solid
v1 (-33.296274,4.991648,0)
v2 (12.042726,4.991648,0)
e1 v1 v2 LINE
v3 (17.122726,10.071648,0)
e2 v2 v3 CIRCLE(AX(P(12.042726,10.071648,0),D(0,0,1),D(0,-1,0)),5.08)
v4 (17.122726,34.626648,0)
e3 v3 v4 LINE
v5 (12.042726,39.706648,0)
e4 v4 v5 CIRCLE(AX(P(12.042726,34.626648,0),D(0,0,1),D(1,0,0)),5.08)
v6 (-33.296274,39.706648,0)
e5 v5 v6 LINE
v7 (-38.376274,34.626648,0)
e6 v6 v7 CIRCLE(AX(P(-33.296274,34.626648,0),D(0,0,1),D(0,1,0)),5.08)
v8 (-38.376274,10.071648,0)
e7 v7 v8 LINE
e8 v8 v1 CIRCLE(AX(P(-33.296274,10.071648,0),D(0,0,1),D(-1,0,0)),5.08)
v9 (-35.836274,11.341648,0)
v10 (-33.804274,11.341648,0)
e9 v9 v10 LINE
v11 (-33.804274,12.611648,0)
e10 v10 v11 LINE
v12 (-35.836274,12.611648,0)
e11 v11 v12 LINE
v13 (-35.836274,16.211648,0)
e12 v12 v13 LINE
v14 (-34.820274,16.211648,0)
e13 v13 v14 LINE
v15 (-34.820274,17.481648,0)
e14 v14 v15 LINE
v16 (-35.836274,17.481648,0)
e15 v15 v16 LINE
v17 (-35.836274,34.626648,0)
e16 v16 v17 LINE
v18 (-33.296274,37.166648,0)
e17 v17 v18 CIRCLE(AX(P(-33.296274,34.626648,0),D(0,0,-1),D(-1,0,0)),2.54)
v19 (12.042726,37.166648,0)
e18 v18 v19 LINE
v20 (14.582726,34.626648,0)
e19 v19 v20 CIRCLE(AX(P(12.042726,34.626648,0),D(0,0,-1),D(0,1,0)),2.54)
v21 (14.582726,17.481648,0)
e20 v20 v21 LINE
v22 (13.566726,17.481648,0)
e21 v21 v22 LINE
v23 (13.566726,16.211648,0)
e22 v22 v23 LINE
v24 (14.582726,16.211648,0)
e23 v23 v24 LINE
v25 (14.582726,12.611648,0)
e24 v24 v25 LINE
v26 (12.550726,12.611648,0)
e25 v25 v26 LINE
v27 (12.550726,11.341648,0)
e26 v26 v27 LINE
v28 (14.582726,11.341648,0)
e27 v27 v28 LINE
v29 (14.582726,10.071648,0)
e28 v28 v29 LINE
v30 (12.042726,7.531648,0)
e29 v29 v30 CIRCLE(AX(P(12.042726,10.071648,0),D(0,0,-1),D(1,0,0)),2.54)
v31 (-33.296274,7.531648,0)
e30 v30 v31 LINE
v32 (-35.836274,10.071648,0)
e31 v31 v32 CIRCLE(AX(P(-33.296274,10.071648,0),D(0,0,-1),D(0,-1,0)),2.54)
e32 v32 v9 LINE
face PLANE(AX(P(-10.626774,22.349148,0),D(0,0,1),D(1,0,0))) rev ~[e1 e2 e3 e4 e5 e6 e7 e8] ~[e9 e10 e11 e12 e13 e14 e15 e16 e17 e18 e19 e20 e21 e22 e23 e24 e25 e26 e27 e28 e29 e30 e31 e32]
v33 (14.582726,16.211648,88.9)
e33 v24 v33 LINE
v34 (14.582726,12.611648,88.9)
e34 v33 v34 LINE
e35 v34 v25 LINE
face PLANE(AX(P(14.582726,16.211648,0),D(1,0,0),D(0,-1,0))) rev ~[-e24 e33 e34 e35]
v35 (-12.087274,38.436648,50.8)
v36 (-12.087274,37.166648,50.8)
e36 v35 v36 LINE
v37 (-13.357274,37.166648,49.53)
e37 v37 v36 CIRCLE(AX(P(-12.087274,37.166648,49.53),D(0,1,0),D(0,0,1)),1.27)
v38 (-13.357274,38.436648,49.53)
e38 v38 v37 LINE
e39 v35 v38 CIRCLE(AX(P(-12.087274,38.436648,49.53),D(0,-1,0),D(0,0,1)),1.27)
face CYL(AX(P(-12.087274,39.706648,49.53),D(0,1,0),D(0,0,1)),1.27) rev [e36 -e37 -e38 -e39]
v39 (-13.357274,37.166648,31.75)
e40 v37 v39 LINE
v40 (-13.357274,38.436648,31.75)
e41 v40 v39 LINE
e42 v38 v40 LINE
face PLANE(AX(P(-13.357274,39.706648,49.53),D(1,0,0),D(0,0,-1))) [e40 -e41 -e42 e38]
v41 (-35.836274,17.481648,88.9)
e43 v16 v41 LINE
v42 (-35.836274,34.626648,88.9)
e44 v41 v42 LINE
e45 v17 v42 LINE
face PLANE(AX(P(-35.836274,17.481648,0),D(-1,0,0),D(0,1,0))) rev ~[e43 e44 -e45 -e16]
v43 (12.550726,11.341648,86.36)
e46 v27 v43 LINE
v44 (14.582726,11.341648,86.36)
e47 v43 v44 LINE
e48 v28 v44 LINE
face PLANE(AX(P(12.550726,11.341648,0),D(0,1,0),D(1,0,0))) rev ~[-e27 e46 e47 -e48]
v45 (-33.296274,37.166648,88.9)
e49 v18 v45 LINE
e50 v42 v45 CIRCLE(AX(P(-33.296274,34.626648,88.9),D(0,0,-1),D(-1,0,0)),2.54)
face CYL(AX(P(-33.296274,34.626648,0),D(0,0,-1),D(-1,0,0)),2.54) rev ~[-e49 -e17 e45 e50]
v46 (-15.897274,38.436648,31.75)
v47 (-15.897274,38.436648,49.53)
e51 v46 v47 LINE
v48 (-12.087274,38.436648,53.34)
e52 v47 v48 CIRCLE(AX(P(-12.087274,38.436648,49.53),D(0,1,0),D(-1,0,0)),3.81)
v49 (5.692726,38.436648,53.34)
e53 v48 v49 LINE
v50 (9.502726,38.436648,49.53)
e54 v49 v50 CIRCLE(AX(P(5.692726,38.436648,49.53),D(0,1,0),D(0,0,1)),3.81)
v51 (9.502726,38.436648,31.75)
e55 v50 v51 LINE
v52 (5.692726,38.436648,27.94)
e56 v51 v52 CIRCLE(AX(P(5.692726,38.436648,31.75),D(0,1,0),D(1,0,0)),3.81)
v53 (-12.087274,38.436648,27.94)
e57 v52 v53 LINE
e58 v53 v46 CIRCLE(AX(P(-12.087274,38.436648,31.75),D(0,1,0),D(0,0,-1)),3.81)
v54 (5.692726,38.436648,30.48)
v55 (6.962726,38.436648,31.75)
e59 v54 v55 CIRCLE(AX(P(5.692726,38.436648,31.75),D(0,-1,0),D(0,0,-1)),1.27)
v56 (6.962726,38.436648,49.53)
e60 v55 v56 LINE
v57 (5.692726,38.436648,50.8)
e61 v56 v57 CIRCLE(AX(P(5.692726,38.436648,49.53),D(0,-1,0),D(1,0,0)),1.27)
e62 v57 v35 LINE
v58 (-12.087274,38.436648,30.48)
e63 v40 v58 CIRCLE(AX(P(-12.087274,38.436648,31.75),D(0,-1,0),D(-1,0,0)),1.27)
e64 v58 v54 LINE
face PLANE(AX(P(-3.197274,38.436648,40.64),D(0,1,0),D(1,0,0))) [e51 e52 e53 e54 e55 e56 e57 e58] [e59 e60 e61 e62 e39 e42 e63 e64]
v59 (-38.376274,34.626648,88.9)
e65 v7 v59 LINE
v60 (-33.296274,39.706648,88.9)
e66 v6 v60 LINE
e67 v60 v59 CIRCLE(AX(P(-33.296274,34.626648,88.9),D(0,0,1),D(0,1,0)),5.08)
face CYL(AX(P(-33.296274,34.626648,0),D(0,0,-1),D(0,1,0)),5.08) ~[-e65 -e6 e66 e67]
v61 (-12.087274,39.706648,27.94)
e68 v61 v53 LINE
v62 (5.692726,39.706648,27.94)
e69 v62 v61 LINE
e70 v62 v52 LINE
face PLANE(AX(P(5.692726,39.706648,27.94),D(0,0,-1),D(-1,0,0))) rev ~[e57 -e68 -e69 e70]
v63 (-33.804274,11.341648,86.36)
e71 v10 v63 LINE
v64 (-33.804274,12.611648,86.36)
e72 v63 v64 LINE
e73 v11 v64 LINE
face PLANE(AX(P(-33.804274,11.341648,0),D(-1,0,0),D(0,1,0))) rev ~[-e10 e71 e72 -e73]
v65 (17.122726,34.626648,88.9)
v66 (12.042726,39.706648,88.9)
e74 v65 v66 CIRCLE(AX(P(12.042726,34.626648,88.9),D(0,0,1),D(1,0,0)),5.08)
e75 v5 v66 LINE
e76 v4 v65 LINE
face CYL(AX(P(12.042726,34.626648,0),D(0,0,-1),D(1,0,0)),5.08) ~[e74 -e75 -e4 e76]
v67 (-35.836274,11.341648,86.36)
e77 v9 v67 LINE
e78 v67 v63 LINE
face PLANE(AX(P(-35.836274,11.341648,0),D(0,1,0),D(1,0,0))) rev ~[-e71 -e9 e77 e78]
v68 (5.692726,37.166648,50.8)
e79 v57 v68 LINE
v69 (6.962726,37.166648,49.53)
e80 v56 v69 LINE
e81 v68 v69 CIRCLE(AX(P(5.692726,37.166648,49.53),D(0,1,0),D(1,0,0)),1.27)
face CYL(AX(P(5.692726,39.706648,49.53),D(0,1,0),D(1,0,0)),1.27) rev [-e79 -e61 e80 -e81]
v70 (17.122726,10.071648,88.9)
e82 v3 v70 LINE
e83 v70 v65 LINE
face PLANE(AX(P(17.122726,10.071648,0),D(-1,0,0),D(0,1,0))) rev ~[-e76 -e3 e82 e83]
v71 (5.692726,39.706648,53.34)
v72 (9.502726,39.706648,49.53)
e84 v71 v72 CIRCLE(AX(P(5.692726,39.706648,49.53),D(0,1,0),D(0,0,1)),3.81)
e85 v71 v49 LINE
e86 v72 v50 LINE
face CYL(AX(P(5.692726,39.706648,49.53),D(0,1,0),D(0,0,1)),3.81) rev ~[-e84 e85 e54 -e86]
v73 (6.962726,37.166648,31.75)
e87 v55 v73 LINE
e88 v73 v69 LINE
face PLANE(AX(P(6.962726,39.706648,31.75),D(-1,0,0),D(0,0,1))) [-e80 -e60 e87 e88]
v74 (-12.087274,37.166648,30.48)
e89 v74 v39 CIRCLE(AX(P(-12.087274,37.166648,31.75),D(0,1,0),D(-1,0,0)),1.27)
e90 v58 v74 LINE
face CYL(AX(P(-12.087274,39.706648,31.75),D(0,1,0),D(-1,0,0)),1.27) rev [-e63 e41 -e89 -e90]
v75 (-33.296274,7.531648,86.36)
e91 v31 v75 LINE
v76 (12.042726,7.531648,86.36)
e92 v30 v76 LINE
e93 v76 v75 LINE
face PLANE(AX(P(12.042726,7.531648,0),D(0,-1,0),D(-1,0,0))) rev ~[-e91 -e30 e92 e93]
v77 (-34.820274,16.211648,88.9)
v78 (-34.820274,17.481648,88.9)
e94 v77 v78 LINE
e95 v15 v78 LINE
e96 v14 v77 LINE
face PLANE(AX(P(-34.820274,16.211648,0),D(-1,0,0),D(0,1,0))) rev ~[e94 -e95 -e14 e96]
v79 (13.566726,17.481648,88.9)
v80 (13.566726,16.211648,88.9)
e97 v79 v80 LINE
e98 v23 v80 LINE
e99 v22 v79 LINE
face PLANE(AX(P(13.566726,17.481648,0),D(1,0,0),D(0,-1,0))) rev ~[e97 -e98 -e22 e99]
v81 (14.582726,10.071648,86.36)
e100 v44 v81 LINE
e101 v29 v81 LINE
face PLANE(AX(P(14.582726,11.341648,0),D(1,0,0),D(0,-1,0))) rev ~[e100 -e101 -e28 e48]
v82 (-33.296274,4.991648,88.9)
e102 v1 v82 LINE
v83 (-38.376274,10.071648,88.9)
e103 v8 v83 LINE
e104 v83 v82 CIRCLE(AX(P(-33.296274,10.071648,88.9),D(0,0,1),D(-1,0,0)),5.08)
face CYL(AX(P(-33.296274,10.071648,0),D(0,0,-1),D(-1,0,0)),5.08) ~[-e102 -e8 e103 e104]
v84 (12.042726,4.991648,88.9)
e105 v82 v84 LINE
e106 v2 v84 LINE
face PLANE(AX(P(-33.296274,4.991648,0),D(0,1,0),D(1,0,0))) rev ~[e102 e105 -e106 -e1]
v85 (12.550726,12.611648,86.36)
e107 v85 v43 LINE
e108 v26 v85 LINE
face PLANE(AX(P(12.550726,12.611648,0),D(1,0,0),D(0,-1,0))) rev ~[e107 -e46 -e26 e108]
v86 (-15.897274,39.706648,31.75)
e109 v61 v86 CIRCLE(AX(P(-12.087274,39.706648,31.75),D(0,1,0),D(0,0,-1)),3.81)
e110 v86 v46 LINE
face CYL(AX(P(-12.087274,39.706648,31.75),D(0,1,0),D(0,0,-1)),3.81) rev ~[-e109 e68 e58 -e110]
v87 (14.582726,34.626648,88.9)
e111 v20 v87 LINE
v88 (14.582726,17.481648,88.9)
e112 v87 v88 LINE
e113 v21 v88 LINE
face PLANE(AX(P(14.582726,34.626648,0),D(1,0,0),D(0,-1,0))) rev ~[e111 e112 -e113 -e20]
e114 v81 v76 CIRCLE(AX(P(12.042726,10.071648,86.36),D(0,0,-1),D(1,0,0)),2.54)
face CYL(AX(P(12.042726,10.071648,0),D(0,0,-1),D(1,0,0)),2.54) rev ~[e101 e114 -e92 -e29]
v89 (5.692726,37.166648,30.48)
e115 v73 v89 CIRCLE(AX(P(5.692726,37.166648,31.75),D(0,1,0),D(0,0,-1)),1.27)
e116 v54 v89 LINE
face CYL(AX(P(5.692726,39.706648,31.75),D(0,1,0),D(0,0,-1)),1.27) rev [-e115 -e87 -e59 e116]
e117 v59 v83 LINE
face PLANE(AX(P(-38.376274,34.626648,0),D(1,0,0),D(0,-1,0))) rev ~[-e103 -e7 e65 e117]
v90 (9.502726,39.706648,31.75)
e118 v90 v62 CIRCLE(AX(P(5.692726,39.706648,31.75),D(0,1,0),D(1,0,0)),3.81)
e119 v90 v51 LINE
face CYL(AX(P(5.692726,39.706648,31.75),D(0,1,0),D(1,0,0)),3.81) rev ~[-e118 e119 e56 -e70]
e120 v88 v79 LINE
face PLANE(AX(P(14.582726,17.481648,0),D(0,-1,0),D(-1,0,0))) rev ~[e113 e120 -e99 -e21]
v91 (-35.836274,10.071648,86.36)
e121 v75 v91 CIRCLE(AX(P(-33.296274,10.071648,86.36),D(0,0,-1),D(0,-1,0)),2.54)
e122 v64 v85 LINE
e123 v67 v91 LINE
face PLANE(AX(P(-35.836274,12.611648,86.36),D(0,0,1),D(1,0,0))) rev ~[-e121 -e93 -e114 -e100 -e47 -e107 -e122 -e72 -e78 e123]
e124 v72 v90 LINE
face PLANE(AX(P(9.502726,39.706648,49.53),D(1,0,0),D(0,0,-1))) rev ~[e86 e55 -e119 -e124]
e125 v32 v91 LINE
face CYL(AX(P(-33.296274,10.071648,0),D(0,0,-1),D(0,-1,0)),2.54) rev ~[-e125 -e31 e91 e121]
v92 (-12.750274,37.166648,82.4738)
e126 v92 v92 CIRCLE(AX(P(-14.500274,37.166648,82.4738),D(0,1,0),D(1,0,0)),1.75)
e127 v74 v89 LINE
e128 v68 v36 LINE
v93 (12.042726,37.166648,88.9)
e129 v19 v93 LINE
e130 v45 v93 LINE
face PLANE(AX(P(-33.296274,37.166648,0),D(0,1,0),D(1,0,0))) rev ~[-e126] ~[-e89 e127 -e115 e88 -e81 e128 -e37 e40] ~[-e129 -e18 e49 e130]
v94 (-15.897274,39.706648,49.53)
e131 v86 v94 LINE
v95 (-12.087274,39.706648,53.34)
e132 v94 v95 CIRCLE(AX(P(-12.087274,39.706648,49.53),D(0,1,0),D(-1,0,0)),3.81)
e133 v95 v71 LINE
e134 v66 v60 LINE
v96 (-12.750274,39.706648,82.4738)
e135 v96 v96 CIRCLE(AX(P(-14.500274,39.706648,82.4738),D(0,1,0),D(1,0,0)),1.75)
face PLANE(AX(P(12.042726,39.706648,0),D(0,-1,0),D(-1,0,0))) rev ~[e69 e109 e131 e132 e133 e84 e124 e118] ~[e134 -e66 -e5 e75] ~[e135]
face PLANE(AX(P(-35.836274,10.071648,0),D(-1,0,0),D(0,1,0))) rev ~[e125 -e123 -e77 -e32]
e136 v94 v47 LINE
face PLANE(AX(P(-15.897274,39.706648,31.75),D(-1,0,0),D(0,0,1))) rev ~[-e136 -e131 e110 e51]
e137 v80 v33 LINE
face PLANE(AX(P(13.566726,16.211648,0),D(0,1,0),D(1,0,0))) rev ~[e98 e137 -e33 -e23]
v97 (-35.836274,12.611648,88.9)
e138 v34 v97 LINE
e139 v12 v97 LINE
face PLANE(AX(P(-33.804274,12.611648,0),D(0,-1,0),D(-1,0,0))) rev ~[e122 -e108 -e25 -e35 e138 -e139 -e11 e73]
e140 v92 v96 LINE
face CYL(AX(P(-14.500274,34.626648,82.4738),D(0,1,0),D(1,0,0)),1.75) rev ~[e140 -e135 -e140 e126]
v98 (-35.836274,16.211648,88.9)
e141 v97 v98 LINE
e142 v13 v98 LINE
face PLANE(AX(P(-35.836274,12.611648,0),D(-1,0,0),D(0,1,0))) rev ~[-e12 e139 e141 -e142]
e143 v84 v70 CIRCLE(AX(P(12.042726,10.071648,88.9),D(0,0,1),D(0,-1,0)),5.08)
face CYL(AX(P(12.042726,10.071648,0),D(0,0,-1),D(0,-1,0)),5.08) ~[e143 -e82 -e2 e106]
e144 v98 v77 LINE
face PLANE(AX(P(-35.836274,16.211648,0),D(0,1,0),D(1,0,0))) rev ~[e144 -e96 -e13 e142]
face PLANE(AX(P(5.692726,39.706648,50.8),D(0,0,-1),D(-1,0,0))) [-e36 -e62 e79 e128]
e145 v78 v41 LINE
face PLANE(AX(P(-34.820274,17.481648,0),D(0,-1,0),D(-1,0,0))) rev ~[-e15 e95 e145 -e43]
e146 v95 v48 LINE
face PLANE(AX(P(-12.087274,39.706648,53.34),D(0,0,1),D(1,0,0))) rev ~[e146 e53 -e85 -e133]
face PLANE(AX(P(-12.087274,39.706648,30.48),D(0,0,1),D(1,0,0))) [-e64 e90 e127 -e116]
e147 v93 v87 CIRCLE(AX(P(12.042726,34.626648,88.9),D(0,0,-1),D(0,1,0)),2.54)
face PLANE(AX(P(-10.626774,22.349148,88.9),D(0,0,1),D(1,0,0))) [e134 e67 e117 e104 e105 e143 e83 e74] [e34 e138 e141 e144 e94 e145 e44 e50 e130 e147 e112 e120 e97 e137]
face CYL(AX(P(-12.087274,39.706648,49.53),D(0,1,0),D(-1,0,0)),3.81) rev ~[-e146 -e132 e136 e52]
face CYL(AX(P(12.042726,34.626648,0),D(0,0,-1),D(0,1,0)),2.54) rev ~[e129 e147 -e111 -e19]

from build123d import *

# Parameters (mm, degrees)
BOSS_EXTRUDE1_DEPTH                 = 88.9
SKETCH2_W                           = 50.419
SKETCH2_H                           = 2.54
BOSS_EXTRUDE2_DEPTH                 = 6.223
F_3_0MM_CLEARANCE_DOWEL_HOLE1_D     = 3.5
F_3_0MM_CLEARANCE_DOWEL_HOLE1_DEPTH = 2.54
CUT_EXTRUDE1_DEPTH                  = 7.62
CUT_EXTRUDE2_DEPTH                  = 1.27


with BuildPart() as part:
    # Sketch1 → Boss-Extrude1 (new body)
    with BuildSketch(Plane.XY):
        with BuildLine():
            Line((17.122726154, 10.071647692), (17.122726154, 34.626647692))
            ThreePointArc((17.122726154, 34.626647692), (15.634828602, 38.218750141), (12.042726154, 39.706647692))
            Line((12.042726154, 39.706647692), (-33.296273846, 39.706647692))
            ThreePointArc((-33.296273846, 39.706647692), (-36.888376295, 38.218750141), (-38.376273846, 34.626647692))
            Line((-38.376273846, 34.626647692), (-38.376273846, 10.071647692))
            ThreePointArc((-38.376273846, 10.071647692), (-36.888376295, 6.479545244), (-33.296273846, 4.991647692))
            Line((-33.296273846, 4.991647692), (12.042726154, 4.991647692))
            ThreePointArc((12.042726154, 4.991647692), (15.634828602, 6.479545244), (17.122726154, 10.071647692))
        make_face()
        with BuildLine():
            Line((-35.836273846, 16.211647692), (-34.820273846, 16.211647692))
            Line((-34.820273846, 16.211647692), (-34.820273846, 17.481647692))
            Line((-34.820273846, 17.481647692), (-35.836273846, 17.481647692))
            Line((-35.836273846, 17.481647692), (-35.836273846, 34.626647692))
            ThreePointArc((-35.836273846, 34.626647692), (-35.09232507, 36.422698917), (-33.296273846, 37.166647692))
            Line((-33.296273846, 37.166647692), (12.042726154, 37.166647692))
            ThreePointArc((12.042726154, 37.166647692), (13.838777378, 36.422698917), (14.582726154, 34.626647692))
            Line((14.582726154, 34.626647692), (14.582726154, 17.481647692))
            Line((14.582726154, 17.481647692), (13.566726154, 17.481647692))
            Line((13.566726154, 17.481647692), (13.566726154, 16.211647692))
            Line((13.566726154, 16.211647692), (14.582726154, 16.211647692))
            Line((14.582726154, 16.211647692), (14.582726154, 12.611647692))
            Line((14.582726154, 12.611647692), (12.550726154, 12.611647692))
            Line((12.550726154, 12.611647692), (12.550726154, 11.341647692))
            Line((12.550726154, 11.341647692), (14.582726154, 11.341647692))
            Line((14.582726154, 11.341647692), (14.582726154, 10.071647692))
            ThreePointArc((14.582726154, 10.071647692), (13.838777378, 8.275596468), (12.042726154, 7.531647692))
            Line((12.042726154, 7.531647692), (-33.296273846, 7.531647692))
            ThreePointArc((-33.296273846, 7.531647692), (-35.09232507, 8.275596468), (-35.836273846, 10.071647692))
            Line((-35.836273846, 10.071647692), (-35.836273846, 11.341647692))
            Line((-35.836273846, 11.341647692), (-33.804273846, 11.341647692))
            Line((-33.804273846, 11.341647692), (-33.804273846, 12.611647692))
            Line((-33.804273846, 12.611647692), (-35.836273846, 12.611647692))
            Line((-35.836273846, 12.611647692), (-35.836273846, 16.211647692))
        make_face(mode=Mode.SUBTRACT)
    extrude(amount=BOSS_EXTRUDE1_DEPTH)

    # Sketch2 → Boss-Extrude2 (add)
    with BuildSketch(Plane(origin=(0, 12.611647692, 0), x_dir=(1, 0, 0), z_dir=(0, 1, 0))):
        with Locations((-10.626773846, -87.63)):
            Rectangle(SKETCH2_W, SKETCH2_H)
    extrude(amount=-BOSS_EXTRUDE2_DEPTH)

    # Ø3.0mm Clearance Dowel Hole1
    with Locations(Plane(origin=(-44.550497372, 37.166647692, -20.932340184), x_dir=(-1, 0, 0), z_dir=(0, -1, 0))):
        with Locations((-30.050223526, -103.406140184)):
            Hole(F_3_0MM_CLEARANCE_DOWEL_HOLE1_D / 2, depth=F_3_0MM_CLEARANCE_DOWEL_HOLE1_DEPTH)

    # Sketch7 → Cut-Extrude1 (cut)
    with BuildSketch(Plane(origin=(0, 39.706647692, 0), x_dir=(1, 0, 0), z_dir=(0, 1, 0))):
        with BuildLine():
            Line((6.962726154, -31.75), (6.962726154, -49.53))
            ThreePointArc((6.962726154, -49.53), (6.590751766, -50.428025612), (5.692726154, -50.8))
            Line((5.692726154, -50.8), (-12.087273846, -50.8))
            ThreePointArc((-12.087273846, -50.8), (-12.985299458, -50.428025612), (-13.357273846, -49.53))
            Line((-13.357273846, -49.53), (-13.357273846, -31.75))
            ThreePointArc((-13.357273846, -31.75), (-12.985299458, -30.851974388), (-12.087273846, -30.48))
            Line((-12.087273846, -30.48), (5.692726154, -30.48))
            ThreePointArc((5.692726154, -30.48), (6.590751766, -30.851974388), (6.962726154, -31.75))
        make_face()
    extrude(amount=-CUT_EXTRUDE1_DEPTH, mode=Mode.SUBTRACT)

    # Sketch7<3> → Cut-Extrude2 (cut)
    with BuildSketch(Plane(origin=(0, 39.706647692, 0), x_dir=(1, 0, 0), z_dir=(0, 1, 0))):
        with BuildLine():
            Line((5.692726154, -27.94), (-12.087273846, -27.94))
            ThreePointArc((-12.087273846, -27.94), (-14.781350682, -29.055923164), (-15.897273846, -31.75))
            Line((-15.897273846, -31.75), (-15.897273846, -49.53))
            ThreePointArc((-15.897273846, -49.53), (-14.781350682, -52.224076836), (-12.087273846, -53.34))
            Line((-12.087273846, -53.34), (5.692726154, -53.34))
            ThreePointArc((5.692726154, -53.34), (8.38680299, -52.224076836), (9.502726154, -49.53))
            Line((9.502726154, -49.53), (9.502726154, -31.75))
            ThreePointArc((9.502726154, -31.75), (8.38680299, -29.055923164), (5.692726154, -27.94))
        make_face()
        with BuildLine():
            Line((6.962726154, -31.75), (6.962726154, -49.53))
            ThreePointArc((6.962726154, -49.53), (6.590751766, -50.428025612), (5.692726154, -50.8))
            Line((5.692726154, -50.8), (-12.087273846, -50.8))
            ThreePointArc((-12.087273846, -50.8), (-12.985299458, -50.428025612), (-13.357273846, -49.53))
            Line((-13.357273846, -49.53), (-13.357273846, -31.75))
            ThreePointArc((-13.357273846, -31.75), (-12.985299458, -30.851974388), (-12.087273846, -30.48))
            Line((-12.087273846, -30.48), (5.692726154, -30.48))
            ThreePointArc((5.692726154, -30.48), (6.590751766, -30.851974388), (6.962726154, -31.75))
        make_face(mode=Mode.SUBTRACT)
    extrude(amount=-CUT_EXTRUDE2_DEPTH, mode=Mode.SUBTRACT)


solid = part.part
